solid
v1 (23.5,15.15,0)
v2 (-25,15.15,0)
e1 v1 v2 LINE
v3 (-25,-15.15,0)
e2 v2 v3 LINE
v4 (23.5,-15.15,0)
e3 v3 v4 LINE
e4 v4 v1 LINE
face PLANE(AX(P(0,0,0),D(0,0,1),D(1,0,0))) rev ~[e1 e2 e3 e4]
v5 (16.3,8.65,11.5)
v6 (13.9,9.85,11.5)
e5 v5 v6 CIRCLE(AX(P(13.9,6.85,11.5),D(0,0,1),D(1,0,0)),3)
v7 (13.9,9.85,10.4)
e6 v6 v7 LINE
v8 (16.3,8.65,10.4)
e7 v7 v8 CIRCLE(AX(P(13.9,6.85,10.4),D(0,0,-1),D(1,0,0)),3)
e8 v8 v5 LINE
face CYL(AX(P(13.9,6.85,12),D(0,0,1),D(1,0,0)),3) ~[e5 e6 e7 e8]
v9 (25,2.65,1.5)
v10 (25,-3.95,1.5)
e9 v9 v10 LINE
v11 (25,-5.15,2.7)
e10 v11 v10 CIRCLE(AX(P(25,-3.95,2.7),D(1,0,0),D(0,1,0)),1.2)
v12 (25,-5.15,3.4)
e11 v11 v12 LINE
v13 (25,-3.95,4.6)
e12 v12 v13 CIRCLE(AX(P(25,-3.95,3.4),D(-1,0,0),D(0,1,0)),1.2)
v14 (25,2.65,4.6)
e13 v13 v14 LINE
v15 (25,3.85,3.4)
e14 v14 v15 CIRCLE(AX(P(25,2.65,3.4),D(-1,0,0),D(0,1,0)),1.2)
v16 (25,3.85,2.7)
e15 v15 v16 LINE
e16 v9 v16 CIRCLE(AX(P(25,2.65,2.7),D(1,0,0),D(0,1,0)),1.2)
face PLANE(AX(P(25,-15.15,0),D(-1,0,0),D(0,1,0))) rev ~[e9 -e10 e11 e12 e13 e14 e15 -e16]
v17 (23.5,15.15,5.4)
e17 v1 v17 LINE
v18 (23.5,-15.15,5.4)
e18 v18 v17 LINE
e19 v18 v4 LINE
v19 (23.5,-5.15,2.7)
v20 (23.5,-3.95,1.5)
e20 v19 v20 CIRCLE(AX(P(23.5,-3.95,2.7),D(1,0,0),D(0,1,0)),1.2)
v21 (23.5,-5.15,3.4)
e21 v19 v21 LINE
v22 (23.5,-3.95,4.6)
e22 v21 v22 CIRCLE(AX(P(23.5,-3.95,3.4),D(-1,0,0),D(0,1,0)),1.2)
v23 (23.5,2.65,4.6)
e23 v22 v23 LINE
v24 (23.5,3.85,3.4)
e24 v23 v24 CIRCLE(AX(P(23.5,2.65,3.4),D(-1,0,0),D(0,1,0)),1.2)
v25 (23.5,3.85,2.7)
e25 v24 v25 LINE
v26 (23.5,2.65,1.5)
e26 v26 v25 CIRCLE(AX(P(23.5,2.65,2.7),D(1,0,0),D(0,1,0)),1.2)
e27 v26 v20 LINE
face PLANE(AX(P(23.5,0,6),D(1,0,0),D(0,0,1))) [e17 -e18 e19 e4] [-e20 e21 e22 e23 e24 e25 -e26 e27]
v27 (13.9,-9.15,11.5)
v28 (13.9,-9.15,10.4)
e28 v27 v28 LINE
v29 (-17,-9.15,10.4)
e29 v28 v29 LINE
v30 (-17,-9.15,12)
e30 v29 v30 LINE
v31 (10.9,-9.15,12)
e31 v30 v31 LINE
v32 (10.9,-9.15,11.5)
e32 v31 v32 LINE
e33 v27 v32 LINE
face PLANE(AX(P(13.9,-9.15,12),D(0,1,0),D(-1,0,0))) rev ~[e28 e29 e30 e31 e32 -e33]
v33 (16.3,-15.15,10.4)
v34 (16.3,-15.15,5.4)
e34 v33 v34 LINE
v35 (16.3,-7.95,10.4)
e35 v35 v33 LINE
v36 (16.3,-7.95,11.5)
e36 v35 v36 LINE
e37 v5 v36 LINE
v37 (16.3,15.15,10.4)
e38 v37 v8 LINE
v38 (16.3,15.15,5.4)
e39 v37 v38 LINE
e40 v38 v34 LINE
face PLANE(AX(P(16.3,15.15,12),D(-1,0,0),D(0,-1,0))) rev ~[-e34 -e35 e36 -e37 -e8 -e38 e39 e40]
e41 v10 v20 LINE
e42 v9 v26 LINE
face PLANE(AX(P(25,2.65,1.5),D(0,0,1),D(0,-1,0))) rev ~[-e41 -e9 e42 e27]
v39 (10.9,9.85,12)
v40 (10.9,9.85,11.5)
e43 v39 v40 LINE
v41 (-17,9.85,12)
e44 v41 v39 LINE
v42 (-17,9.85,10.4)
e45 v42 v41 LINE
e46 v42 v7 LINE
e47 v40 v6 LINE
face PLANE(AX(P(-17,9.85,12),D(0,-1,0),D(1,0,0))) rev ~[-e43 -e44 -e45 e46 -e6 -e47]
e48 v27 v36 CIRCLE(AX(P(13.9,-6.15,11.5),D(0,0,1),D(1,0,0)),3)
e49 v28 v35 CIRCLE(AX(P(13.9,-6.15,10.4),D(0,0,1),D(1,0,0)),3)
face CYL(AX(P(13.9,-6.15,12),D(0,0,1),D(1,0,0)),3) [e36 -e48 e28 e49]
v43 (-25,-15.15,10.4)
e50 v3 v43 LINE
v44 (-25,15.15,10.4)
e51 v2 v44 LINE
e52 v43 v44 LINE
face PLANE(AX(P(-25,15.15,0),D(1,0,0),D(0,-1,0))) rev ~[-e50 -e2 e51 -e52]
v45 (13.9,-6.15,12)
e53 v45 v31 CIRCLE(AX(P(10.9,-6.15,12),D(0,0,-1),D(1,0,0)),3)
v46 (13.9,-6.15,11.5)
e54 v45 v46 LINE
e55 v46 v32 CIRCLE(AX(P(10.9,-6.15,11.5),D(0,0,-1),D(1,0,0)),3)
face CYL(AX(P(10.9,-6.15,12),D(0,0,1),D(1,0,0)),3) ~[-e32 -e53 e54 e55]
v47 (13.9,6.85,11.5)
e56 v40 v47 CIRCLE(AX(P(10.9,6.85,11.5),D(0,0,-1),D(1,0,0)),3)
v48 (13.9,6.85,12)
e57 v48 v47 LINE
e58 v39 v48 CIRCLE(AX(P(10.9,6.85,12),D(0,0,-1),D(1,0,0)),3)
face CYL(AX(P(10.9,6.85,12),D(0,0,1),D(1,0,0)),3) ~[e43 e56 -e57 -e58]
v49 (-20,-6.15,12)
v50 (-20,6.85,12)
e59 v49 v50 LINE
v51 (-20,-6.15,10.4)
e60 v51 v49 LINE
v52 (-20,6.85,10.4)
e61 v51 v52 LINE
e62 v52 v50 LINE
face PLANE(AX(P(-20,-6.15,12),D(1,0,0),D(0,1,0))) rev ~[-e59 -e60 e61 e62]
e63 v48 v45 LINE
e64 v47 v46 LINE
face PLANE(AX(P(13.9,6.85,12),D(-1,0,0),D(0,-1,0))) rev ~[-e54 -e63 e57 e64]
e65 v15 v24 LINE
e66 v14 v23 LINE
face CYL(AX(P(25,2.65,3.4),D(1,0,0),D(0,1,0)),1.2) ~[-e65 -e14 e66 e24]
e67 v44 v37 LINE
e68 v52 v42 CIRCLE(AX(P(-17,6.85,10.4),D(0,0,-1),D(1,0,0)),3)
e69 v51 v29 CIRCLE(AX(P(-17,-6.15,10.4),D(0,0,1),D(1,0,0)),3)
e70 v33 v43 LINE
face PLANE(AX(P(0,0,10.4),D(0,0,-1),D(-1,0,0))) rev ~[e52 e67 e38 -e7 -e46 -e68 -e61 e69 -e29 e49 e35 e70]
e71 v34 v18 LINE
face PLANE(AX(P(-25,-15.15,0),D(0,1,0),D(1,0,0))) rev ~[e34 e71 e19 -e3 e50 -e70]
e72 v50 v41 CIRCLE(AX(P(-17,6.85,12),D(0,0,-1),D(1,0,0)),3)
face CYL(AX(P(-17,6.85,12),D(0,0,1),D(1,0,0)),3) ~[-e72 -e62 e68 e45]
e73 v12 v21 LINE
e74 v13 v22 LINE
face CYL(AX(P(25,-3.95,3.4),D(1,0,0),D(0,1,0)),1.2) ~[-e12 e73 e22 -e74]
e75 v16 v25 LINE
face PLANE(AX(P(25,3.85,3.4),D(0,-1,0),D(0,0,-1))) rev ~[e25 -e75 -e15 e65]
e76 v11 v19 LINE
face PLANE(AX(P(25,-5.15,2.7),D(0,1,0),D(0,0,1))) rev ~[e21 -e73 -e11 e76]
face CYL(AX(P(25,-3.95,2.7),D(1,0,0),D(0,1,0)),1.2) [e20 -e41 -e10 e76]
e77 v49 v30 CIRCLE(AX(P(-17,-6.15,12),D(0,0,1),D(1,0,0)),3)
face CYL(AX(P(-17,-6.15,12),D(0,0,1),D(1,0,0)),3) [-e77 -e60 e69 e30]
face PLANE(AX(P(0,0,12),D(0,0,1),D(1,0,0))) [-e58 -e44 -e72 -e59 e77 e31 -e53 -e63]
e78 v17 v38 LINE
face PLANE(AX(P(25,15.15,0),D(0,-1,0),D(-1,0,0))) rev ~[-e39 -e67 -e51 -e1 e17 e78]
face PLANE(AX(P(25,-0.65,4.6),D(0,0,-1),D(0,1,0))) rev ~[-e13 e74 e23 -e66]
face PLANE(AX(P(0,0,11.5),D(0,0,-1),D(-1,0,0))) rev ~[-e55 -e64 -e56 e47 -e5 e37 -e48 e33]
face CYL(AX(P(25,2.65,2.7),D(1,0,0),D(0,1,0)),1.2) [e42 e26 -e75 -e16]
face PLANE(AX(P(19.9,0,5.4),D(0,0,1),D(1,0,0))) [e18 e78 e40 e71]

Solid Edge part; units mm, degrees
sketch "Sketch1" plane through (0, 0, 0) normal (0, 0, 1) x (1, 0, 0)
  line L0 (-25, -15.15) -> (25, -15.15)
  line L1 (25, -15.15) -> (25, 15.15)
  line L2 (25, 15.15) -> (-25, 15.15)
  line L3 (-25, 15.15) -> (-25, -15.15)
extrude "Protrusion1" add sketch "Sketch1" along normal blind 12
sketch "Sketch2" plane through (25, 0, 6) normal (1, 0, 0) x (0, 1, 0)
  line L0 (-0.65, -1.4) -> (2.65, -1.4)
  arc A0 (2.65, -1.4) -> (3.85, -2.6) centre (2.65, -2.6) cw
  line L1 (3.85, -2.6) -> (3.85, -3.3)
  arc A1 (2.65, -4.5) -> (3.85, -3.3) centre (2.65, -3.3) ccw
  line L2 (2.65, -4.5) -> (-3.95, -4.5)
  arc A2 (-5.15, -3.3) -> (-3.95, -4.5) centre (-3.95, -3.3) ccw
  line L3 (-5.15, -3.3) -> (-5.15, -2.6)
  arc A3 (-5.15, -2.6) -> (-3.95, -1.4) centre (-3.95, -2.6) cw
  line L4 (-3.95, -1.4) -> (-0.65, -1.4)
  line L5 (-15.15, -6) -> (15.15, -6)
  line L6 (15.15, -6) -> (15.15, 6)
  line L7 (15.15, 6) -> (-15.15, 6)
  line L8 (-15.15, 6) -> (-15.15, -6)
extrude "Wycięcie_1" cut sketch "Sketch2" against normal blind 1.5
sketch "Sketch3" plane through (-0.75, 0, 12) normal (0, 0, 1) x (1, 0, 0)
  line L0 (17.05, 15.15) -> (17.05, -15.15)
  line L1 (17.05, -15.15) -> (24.25, -15.15)
  line L2 (24.25, -15.15) -> (24.25, 15.15)
  line L3 (24.25, 15.15) -> (17.05, 15.15)
extrude "Wycięcie_2" cut sketch "Sketch3" against normal blind 6.6
sketch "Sketch4" plane through (-4.35, 0, 12) normal (0, 0, 1) x (1, 0, 0)
  line L0 (1.7674, -9.15) -> (-12.65, -9.15)
  arc A0 (-15.65, -6.15) -> (-12.65, -9.15) centre (-12.65, -6.15) ccw
  line L1 (-15.65, -6.15) -> (-15.65, 6.85)
  arc A1 (-15.65, 6.85) -> (-12.65, 9.85) centre (-12.65, 6.85) cw
  line L2 (-12.65, 9.85) -> (18.25, 9.85)
  arc A2 (18.25, 9.85) -> (21.25, 6.85) centre (18.25, 6.85) cw
  line L3 (21.25, 6.85) -> (21.25, -6.15)
  arc A3 (18.25, -9.15) -> (21.25, -6.15) centre (18.25, -6.15) ccw
  line L4 (18.25, -9.15) -> (1.7674, -9.15)
  line L5 (-28.1147, 19.5962) -> (36.8147, 19.5962)
  line L6 (36.8147, 19.5962) -> (36.8147, -19.5962)
  line L7 (36.8147, -19.5962) -> (-28.1147, -19.5962)
  line L8 (-28.1147, -19.5962) -> (-28.1147, 19.5962)
extrude "Wycięcie_3" cut sketch "Sketch4" against normal blind 1.6
sketch "Sketch5" plane through (-1.85, 0.35, 12) normal (0, 0, 1) x (1, 0, 0)
  line L0 (-18.15, 0) -> (-18.15, 6.5)
  arc A0 (-18.15, 6.5) -> (-15.15, 9.5) centre (-15.15, 6.5) cw
  line L1 (-15.15, 9.5) -> (12.75, 9.5)
  arc A1 (12.75, 9.5) -> (15.75, 6.5) centre (12.75, 6.5) cw
  line L2 (15.75, 6.5) -> (15.75, -6.5)
  arc A2 (15.75, -6.5) -> (12.75, -9.5) centre (12.75, -6.5) cw
  line L3 (-15.15, -9.5) -> (12.75, -9.5)
  arc A3 (-18.15, -6.5) -> (-15.15, -9.5) centre (-15.15, -6.5) ccw
  line L4 (-18.15, 0) -> (-18.15, -6.5)
  line L5 (-29.5576, 18.3934) -> (33.2576, 18.3934)
  line L6 (33.2576, 18.3934) -> (33.2576, -19.0934)
  line L7 (33.2576, -19.0934) -> (-29.5576, -19.0934)
  line L8 (-29.5576, -19.0934) -> (-29.5576, 18.3934)
extrude "Wycięcie_4" cut sketch "Sketch5" against normal blind 0.5
